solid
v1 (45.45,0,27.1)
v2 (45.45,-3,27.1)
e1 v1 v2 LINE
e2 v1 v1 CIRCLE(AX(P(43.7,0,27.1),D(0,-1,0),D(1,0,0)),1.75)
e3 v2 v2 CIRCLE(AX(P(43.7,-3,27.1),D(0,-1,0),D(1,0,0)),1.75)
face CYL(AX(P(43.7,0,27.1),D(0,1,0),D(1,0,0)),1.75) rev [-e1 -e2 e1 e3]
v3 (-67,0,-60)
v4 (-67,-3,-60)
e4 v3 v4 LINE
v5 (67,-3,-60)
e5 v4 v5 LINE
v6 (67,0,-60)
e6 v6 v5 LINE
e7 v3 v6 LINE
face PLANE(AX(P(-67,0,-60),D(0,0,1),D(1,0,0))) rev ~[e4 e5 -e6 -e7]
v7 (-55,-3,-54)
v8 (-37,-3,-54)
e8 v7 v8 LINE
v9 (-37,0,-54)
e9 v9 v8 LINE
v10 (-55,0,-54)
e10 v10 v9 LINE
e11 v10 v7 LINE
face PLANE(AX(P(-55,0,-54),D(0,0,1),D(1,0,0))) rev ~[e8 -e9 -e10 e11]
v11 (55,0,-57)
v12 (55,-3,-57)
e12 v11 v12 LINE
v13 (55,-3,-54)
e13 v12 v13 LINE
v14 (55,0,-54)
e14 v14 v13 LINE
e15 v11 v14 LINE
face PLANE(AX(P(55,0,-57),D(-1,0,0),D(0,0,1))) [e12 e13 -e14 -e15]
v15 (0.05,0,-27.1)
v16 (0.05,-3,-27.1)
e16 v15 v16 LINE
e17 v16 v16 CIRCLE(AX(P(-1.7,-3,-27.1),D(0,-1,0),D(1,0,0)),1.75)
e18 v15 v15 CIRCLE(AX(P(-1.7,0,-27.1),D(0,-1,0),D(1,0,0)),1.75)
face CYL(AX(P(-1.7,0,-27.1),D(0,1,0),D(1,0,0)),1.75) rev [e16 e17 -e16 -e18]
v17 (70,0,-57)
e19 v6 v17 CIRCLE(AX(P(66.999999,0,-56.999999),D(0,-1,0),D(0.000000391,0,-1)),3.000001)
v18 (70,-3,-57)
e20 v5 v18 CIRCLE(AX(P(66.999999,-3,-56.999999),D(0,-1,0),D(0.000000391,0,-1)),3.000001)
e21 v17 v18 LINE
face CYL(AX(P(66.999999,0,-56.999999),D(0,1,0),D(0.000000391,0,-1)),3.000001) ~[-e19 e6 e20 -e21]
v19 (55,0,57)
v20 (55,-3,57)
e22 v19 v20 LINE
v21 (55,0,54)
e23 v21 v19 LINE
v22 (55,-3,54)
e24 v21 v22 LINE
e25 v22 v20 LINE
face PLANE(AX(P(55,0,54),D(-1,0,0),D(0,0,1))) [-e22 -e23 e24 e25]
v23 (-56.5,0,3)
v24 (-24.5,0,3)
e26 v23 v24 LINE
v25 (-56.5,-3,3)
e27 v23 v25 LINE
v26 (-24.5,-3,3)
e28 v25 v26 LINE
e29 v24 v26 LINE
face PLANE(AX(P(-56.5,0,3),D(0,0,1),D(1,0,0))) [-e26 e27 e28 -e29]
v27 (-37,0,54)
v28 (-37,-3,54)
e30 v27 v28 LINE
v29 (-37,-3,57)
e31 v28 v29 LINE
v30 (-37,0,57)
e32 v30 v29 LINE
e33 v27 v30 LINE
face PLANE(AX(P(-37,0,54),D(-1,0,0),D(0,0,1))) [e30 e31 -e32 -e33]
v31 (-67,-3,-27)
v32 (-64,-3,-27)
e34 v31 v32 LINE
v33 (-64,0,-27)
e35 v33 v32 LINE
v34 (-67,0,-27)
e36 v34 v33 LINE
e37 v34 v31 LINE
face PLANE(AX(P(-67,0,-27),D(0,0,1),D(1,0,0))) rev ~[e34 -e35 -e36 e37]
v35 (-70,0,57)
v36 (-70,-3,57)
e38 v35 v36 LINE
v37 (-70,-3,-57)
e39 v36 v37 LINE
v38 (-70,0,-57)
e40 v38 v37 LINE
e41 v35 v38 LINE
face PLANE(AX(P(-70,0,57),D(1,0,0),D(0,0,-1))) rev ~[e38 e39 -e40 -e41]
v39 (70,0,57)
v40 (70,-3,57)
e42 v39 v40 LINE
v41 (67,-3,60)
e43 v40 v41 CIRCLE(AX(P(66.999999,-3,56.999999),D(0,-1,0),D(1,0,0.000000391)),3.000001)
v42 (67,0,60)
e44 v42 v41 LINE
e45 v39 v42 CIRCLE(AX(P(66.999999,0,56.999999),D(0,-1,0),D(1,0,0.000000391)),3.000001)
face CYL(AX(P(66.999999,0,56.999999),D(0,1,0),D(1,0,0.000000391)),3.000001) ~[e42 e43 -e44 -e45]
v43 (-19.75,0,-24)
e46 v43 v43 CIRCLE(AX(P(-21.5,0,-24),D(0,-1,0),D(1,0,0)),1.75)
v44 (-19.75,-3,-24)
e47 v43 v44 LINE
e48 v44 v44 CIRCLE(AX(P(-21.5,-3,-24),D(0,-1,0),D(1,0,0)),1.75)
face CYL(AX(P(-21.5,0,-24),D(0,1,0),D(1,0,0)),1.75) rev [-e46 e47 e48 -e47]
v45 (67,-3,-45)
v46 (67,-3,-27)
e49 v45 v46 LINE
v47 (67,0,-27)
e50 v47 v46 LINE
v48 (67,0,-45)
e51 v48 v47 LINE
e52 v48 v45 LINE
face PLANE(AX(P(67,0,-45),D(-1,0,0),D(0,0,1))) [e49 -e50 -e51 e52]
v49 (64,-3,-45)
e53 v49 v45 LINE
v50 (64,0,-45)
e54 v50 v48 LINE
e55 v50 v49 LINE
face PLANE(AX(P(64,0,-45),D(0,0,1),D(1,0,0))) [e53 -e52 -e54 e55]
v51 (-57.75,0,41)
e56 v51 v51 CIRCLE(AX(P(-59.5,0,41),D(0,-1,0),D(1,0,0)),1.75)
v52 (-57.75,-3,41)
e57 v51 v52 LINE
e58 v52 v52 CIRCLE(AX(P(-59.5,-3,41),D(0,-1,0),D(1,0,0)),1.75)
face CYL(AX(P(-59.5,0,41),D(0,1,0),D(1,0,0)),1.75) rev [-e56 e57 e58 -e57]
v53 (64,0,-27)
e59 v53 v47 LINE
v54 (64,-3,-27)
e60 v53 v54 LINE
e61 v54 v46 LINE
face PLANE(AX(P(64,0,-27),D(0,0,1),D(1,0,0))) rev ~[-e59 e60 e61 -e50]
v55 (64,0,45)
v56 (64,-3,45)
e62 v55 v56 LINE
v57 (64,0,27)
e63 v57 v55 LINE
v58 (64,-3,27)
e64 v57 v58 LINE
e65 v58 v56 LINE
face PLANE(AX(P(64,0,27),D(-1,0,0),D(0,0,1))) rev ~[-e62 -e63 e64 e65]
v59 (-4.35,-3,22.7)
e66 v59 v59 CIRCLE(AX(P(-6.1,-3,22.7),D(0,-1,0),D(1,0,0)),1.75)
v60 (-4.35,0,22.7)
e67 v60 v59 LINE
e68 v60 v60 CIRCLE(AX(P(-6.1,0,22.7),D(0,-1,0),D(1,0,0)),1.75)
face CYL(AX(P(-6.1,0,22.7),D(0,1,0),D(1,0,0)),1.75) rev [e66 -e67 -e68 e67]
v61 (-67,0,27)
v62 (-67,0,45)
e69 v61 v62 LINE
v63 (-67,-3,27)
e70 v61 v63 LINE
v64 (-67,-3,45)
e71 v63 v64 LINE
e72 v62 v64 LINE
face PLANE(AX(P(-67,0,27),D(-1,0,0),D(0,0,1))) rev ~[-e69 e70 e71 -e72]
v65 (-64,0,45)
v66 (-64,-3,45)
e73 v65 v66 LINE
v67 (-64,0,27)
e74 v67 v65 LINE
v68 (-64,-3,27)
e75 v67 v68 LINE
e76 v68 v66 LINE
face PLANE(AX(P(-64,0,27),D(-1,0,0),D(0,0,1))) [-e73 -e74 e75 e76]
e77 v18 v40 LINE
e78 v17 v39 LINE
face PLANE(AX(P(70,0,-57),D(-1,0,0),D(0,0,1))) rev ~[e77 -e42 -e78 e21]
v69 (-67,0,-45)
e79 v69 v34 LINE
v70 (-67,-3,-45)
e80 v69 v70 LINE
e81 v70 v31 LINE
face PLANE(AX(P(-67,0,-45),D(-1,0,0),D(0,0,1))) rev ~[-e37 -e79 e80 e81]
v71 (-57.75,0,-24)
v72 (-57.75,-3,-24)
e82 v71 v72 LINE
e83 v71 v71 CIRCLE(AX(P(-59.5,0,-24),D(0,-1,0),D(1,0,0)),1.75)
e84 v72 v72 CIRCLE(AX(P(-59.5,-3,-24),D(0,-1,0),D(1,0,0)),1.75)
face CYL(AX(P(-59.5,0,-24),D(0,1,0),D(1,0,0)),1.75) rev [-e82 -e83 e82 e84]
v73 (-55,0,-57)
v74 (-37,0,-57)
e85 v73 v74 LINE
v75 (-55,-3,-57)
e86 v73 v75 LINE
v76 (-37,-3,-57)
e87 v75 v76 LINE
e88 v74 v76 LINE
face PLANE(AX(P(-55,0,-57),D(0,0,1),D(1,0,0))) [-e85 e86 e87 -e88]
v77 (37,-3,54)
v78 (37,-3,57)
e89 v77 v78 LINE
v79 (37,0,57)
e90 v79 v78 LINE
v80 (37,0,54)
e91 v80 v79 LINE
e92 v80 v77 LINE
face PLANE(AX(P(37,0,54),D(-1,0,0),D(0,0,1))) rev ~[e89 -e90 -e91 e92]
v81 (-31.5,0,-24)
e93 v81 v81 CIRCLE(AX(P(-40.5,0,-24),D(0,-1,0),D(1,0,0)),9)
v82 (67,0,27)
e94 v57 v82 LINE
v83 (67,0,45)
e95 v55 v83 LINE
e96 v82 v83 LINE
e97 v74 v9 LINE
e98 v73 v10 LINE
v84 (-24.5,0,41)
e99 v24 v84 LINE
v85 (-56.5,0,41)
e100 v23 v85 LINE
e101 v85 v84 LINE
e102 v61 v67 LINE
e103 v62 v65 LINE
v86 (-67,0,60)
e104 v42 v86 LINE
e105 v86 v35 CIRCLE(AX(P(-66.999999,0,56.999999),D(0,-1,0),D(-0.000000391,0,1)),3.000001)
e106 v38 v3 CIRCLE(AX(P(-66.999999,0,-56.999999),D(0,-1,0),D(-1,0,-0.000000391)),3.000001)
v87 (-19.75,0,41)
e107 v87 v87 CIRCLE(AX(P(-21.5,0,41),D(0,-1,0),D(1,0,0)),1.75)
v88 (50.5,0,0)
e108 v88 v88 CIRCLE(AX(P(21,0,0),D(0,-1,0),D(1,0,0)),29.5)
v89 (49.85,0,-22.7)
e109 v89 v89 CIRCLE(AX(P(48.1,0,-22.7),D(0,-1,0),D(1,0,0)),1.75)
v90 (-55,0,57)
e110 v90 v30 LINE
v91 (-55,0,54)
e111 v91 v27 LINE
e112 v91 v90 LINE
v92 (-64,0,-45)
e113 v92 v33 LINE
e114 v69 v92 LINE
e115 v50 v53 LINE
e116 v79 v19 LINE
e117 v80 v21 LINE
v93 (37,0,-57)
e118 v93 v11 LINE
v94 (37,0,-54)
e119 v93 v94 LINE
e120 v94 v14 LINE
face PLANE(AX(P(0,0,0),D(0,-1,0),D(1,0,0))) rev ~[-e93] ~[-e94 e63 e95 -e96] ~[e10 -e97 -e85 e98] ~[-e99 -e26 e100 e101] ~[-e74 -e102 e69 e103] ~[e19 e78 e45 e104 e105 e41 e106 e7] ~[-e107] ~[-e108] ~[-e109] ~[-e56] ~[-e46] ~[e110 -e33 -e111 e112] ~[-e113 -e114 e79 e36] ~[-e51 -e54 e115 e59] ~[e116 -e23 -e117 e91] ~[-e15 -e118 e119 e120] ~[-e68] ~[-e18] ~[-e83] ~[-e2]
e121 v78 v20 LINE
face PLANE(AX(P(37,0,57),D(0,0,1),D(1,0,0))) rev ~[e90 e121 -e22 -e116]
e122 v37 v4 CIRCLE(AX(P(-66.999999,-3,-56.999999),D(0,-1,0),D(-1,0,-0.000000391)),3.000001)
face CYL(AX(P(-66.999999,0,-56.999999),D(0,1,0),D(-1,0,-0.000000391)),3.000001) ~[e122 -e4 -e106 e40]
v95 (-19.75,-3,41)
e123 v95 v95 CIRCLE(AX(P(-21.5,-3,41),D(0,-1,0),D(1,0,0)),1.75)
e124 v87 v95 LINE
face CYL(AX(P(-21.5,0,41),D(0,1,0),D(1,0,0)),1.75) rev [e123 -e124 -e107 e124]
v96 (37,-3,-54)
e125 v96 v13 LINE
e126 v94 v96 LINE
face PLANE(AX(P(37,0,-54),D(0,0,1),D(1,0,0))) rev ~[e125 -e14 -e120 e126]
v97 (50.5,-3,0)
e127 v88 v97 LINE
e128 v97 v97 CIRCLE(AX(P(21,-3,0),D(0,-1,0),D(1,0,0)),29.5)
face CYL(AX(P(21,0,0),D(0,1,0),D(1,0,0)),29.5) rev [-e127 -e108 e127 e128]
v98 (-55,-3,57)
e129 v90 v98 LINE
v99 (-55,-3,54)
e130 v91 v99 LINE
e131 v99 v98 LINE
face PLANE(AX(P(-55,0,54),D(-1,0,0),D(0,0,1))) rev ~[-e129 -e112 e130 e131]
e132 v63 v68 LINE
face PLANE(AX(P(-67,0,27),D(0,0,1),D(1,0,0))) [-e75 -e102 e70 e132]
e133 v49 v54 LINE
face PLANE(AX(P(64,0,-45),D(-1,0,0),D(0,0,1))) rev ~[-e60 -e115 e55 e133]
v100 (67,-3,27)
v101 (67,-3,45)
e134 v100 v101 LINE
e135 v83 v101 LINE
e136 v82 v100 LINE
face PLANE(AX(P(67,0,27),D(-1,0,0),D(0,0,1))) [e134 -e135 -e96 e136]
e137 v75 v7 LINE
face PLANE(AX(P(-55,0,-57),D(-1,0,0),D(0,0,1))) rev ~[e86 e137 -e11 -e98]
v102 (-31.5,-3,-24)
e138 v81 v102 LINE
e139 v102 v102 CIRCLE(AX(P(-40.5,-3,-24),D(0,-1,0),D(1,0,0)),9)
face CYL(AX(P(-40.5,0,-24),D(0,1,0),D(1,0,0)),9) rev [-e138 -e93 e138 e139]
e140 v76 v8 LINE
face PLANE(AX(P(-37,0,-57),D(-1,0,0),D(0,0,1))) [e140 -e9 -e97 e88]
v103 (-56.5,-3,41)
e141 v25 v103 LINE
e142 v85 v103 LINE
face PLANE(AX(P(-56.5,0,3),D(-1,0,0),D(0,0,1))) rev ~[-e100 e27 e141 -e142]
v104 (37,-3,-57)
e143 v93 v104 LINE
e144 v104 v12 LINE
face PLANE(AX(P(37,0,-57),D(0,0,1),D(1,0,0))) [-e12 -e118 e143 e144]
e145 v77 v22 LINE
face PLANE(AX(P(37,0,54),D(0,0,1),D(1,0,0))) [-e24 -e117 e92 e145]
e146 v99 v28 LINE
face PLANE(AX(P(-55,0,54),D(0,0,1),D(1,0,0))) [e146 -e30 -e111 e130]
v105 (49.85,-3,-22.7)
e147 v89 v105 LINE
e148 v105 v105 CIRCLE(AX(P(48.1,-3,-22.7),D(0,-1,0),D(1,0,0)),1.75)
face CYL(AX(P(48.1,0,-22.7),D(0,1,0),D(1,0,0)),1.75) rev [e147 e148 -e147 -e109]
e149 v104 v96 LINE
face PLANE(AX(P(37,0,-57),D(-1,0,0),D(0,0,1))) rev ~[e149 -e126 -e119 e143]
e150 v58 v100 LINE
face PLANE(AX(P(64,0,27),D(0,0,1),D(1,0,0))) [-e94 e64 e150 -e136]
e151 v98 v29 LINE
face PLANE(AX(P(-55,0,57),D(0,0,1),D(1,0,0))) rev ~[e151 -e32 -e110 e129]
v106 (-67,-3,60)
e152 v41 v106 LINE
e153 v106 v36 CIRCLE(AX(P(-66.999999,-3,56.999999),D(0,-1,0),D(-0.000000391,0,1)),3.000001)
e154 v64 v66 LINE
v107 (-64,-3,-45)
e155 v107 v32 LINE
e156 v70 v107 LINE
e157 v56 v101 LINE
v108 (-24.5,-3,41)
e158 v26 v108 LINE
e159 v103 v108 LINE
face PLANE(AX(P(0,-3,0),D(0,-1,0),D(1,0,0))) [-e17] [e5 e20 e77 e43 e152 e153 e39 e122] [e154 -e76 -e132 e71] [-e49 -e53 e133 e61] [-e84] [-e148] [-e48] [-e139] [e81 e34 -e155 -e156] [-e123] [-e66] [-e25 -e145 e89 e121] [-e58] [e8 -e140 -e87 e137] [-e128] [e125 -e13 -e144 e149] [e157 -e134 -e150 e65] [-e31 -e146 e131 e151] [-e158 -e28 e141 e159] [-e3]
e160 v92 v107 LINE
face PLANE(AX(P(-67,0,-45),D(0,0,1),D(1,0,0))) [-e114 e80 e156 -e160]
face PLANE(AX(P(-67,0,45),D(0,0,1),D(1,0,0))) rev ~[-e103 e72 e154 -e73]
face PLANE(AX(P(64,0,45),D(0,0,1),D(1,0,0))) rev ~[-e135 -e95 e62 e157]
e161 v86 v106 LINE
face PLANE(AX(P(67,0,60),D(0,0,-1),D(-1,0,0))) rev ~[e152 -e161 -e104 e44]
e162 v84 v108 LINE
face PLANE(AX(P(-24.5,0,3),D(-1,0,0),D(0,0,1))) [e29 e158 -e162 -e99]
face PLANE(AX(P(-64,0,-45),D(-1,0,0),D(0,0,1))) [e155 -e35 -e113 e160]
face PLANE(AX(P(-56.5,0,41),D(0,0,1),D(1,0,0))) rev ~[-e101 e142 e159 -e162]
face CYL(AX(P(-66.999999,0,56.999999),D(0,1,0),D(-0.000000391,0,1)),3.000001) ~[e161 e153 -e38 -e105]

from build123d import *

# Parameters (mm, degrees)
F0_W     = 18
F0_H     = 3
F0_W_2   = 3
F0_H_2   = 18
F0_R     = 1.75
F0_R_2   = 9
F0_W_3   = 32
F0_H_3   = 38
F0_R_3   = 29.5
F1_DEPTH = 3


with BuildPart() as f1:
    # F0 (on Front) → F1 (new body)
    with BuildSketch(Plane.XZ):
        with BuildLine():
            Line((67, 60), (-67, 60))
            ThreePointArc((-67, 60), (-69.12132, 59.12132), (-70, 57))
            Line((-70, 57), (-70, -57))
            ThreePointArc((-70, -57), (-69.12132, -59.12132), (-67, -60))
            Line((-67, -60), (67, -60))
            ThreePointArc((67, -60), (69.12132, -59.12132), (70, -57))
            Line((70, -57), (70, 57))
            ThreePointArc((70, 57), (69.12132, 59.12132), (67, 60))
        make_face()
        with Locations((-46, -55.5)):
            Rectangle(F0_W, F0_H, mode=Mode.SUBTRACT)
        with Locations((-65.5, -36)):
            Rectangle(F0_W_2, F0_H_2, mode=Mode.SUBTRACT)
        with Locations((-59.5, -24)):
            Circle(F0_R, mode=Mode.SUBTRACT)
        with Locations((-40.5, -24)):
            Circle(F0_R_2, mode=Mode.SUBTRACT)
        with Locations((-21.5, -24)):
            Circle(F0_R, mode=Mode.SUBTRACT)
        with Locations((-1.7, -27.1)):
            Circle(F0_R, mode=Mode.SUBTRACT)
        with Locations((46, -55.5)):
            Rectangle(F0_W, F0_H, mode=Mode.SUBTRACT)
        with Locations((65.5, -36)):
            Rectangle(F0_W_2, F0_H_2, mode=Mode.SUBTRACT)
        with Locations((48.1, -22.7)):
            Circle(F0_R, mode=Mode.SUBTRACT)
        with Locations((-40.5, 22)):
            Rectangle(F0_W_3, F0_H_3, mode=Mode.SUBTRACT)
        with Locations((-6.1, 22.7)):
            Circle(F0_R, mode=Mode.SUBTRACT)
        with Locations((-65.5, 36)):
            Rectangle(F0_W_2, F0_H_2, mode=Mode.SUBTRACT)
        with Locations((-59.5, 41)):
            Circle(F0_R, mode=Mode.SUBTRACT)
        with Locations((-46, 55.5)):
            Rectangle(F0_W, F0_H, mode=Mode.SUBTRACT)
        with Locations((-21.5, 41)):
            Circle(F0_R, mode=Mode.SUBTRACT)
        with Locations((21, 0)):
            Circle(F0_R_3, mode=Mode.SUBTRACT)
        with Locations((43.7, 27.1)):
            Circle(F0_R, mode=Mode.SUBTRACT)
        with Locations((65.5, 36)):
            Rectangle(F0_W_2, F0_H_2, mode=Mode.SUBTRACT)
        with Locations((46, 55.5)):
            Rectangle(F0_W, F0_H, mode=Mode.SUBTRACT)
    extrude(amount=F1_DEPTH)


solid = f1.part
